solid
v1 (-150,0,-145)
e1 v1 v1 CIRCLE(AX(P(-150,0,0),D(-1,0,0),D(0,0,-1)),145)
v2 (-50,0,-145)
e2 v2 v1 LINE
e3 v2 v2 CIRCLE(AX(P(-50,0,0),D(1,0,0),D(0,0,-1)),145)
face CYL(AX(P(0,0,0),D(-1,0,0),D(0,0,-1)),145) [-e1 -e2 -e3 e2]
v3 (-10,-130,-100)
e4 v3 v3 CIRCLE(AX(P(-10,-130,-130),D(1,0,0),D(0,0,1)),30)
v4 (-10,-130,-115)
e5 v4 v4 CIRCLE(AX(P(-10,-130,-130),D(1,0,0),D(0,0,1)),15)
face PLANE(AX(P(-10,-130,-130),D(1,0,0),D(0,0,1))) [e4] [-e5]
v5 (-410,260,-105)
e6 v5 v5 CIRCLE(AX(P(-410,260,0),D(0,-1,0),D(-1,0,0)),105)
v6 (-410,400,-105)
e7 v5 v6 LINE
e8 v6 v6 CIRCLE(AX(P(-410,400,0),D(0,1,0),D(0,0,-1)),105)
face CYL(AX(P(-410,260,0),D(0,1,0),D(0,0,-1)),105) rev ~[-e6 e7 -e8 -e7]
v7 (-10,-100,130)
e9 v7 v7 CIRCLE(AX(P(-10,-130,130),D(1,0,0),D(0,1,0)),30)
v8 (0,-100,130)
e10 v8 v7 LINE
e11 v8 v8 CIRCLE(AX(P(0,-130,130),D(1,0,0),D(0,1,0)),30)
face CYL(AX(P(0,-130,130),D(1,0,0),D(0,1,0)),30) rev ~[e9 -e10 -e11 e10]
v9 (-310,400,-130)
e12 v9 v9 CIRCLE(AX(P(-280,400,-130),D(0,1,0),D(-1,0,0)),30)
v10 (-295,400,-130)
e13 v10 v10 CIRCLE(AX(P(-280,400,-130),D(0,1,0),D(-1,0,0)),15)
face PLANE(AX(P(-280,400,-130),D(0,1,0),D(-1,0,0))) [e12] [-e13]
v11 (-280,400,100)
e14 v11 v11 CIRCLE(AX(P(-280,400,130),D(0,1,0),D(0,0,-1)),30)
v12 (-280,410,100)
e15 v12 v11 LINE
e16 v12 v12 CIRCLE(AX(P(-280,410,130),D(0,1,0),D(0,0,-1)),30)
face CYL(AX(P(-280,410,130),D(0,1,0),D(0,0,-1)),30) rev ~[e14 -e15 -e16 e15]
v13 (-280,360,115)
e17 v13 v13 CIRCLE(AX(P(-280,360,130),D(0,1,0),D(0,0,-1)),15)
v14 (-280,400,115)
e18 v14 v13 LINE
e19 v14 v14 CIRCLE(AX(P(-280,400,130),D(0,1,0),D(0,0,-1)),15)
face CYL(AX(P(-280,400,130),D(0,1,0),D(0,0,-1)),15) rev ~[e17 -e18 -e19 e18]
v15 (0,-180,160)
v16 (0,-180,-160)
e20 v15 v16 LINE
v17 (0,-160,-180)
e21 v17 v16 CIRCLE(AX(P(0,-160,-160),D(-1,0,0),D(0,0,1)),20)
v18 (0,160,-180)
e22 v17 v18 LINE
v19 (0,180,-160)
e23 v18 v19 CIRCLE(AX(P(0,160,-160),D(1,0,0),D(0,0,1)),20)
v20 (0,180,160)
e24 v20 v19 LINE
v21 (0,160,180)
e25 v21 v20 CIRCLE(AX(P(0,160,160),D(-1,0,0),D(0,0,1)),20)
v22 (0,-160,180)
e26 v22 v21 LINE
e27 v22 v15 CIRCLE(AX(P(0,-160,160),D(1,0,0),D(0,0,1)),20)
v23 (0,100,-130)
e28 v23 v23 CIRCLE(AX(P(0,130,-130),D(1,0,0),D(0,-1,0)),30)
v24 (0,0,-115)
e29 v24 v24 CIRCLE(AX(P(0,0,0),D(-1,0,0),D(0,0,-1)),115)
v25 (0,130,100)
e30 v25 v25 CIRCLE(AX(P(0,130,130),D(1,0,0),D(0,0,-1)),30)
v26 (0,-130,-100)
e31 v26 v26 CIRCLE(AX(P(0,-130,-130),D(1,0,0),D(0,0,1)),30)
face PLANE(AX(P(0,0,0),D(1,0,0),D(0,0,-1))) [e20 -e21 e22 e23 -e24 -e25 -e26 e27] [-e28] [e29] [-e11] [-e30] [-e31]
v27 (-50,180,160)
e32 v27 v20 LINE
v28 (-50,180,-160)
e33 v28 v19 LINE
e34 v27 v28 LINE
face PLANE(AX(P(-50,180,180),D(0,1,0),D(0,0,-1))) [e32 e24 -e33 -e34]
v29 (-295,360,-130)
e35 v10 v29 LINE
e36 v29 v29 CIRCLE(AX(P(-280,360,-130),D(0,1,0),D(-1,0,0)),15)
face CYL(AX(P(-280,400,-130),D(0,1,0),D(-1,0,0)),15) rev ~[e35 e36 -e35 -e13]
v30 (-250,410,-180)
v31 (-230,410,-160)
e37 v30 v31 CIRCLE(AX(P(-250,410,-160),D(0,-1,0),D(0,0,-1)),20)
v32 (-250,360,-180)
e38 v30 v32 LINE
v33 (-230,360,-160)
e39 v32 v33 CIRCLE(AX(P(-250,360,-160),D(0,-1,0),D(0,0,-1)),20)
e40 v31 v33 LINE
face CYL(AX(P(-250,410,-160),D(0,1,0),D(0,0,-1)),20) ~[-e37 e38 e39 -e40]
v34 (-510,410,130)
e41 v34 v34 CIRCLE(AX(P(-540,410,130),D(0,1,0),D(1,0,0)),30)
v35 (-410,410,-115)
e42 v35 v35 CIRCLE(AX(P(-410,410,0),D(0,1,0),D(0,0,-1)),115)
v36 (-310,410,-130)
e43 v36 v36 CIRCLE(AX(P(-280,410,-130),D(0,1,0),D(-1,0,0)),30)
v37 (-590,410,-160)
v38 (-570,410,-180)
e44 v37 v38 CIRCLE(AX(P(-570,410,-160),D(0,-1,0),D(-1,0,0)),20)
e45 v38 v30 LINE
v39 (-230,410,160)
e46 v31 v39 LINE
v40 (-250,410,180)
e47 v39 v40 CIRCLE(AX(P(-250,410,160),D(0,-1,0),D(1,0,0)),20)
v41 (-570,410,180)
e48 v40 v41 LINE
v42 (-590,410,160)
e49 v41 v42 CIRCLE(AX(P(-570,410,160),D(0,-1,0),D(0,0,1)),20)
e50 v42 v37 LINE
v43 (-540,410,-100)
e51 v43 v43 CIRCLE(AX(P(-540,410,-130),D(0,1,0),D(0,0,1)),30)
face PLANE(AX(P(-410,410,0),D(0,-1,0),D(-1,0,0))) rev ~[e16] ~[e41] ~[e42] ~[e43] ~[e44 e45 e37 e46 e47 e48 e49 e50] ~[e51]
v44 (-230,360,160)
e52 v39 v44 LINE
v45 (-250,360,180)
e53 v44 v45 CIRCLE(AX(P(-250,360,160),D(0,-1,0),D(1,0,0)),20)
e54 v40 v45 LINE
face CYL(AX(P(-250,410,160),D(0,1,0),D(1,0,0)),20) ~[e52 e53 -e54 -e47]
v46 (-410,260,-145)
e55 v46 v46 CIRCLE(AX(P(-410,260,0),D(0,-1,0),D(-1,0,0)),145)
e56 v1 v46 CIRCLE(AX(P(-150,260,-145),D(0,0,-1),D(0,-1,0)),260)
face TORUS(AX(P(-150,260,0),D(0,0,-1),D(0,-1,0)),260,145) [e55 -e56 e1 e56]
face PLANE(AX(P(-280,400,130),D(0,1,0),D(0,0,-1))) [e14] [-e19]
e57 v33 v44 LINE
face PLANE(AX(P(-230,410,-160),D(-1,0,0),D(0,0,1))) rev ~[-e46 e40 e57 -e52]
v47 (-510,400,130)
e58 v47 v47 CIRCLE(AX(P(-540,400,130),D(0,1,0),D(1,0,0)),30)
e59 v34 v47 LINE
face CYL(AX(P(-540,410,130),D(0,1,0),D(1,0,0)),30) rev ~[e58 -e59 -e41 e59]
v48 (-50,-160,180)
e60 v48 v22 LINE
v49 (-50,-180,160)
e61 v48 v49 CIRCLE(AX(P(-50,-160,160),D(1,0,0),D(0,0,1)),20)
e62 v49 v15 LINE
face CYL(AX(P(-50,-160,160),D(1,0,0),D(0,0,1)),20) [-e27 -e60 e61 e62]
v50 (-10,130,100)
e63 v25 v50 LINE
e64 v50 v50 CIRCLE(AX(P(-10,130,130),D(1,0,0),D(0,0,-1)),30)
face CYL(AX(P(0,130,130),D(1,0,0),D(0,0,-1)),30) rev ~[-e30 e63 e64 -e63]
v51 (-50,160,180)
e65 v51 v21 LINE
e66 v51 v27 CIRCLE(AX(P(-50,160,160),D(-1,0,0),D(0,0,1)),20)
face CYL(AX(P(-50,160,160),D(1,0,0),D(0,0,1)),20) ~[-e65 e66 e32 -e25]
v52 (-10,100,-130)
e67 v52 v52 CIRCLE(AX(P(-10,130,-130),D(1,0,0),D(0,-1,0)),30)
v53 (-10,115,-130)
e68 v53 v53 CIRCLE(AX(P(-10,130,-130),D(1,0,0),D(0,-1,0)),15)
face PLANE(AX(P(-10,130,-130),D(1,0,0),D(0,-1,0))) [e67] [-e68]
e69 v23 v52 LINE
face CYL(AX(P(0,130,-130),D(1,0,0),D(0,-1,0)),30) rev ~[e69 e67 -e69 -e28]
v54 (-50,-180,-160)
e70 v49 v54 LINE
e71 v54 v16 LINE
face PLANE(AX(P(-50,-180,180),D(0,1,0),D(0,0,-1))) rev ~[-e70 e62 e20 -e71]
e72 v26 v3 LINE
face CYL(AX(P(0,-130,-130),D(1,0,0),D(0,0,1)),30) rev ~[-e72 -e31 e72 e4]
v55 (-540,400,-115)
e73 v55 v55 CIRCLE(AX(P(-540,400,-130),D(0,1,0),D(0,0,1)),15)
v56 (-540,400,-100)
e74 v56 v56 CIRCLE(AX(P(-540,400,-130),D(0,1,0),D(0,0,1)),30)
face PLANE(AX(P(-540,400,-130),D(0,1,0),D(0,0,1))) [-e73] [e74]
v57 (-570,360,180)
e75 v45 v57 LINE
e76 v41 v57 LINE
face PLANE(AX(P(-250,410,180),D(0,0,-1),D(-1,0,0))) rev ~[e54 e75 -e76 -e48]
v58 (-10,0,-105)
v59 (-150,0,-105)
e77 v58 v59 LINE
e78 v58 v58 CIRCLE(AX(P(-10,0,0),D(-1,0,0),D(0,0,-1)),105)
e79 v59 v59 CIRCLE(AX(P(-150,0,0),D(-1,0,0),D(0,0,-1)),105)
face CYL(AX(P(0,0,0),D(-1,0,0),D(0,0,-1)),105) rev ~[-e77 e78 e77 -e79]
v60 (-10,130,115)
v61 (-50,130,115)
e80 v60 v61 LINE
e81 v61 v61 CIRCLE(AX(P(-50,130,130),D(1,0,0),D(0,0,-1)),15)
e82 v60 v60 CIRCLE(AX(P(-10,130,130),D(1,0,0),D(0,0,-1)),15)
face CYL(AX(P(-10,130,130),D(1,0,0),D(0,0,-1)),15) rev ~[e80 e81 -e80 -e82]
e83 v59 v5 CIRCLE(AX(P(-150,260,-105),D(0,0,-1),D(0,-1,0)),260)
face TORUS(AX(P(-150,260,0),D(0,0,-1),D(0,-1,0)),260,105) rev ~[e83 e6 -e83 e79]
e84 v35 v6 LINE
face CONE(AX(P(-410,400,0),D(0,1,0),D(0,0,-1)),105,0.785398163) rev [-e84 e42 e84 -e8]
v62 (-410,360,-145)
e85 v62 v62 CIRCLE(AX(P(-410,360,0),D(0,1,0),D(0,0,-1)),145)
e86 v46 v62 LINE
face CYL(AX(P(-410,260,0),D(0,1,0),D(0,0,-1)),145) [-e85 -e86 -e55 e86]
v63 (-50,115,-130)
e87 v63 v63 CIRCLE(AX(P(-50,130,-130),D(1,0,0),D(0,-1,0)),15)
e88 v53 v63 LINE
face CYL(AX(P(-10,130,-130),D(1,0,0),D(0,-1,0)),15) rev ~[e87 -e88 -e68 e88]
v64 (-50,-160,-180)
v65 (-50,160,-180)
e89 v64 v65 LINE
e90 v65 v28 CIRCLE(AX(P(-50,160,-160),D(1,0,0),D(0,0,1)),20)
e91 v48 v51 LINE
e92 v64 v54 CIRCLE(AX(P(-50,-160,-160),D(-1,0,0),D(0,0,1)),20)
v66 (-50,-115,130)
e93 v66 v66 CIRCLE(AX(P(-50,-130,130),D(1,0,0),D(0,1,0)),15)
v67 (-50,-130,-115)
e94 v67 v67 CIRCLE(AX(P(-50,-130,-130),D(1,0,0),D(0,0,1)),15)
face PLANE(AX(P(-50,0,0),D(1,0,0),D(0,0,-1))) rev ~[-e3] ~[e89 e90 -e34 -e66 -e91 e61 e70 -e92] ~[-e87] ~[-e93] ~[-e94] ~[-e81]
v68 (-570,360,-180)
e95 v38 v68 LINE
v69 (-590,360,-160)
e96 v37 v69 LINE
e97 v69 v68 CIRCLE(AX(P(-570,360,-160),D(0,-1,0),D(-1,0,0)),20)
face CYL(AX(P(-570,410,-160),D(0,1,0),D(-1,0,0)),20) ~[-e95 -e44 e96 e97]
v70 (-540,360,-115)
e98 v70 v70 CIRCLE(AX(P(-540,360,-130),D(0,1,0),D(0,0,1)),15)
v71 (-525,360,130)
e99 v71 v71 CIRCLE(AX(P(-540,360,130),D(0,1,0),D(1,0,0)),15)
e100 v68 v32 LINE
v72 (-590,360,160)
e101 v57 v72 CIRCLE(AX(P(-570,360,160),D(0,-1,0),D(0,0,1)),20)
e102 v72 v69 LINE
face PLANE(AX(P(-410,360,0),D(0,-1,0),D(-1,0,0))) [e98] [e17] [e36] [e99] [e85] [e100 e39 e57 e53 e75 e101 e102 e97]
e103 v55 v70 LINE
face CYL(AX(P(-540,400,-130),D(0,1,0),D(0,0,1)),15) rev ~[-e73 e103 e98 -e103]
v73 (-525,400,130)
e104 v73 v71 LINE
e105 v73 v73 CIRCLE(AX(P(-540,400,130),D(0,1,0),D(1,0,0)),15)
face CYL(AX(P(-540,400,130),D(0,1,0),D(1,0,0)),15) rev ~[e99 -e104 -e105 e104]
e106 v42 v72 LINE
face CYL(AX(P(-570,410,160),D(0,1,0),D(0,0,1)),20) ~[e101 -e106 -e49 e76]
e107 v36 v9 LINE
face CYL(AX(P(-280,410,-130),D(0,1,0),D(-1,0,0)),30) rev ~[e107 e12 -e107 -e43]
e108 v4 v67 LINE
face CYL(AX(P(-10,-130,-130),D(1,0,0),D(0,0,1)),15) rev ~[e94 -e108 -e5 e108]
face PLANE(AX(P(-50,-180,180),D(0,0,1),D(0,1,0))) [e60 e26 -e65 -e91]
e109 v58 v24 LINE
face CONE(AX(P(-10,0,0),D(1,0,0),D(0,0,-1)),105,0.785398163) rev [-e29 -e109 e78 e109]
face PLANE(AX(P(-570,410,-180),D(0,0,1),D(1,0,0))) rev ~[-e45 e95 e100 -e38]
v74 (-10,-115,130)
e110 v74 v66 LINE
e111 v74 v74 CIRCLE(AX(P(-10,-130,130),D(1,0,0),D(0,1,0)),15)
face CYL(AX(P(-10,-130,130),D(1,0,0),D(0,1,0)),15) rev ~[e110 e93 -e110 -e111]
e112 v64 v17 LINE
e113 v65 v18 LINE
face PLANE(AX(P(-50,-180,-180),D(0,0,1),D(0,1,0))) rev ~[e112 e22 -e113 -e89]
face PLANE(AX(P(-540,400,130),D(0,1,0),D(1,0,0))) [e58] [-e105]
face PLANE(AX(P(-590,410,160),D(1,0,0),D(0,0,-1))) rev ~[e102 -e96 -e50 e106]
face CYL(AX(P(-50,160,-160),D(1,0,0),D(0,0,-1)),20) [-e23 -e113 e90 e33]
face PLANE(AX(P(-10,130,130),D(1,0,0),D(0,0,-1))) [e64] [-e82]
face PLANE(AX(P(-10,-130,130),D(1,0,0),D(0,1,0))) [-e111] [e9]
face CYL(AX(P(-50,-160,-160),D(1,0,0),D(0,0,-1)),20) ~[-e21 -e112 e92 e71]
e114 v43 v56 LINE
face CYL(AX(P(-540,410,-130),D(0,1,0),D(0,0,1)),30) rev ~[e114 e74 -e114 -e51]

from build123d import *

# Parameters (mm, degrees)
SKETCH2_R           = 145
SKETCH2_R_2         = 105
BOSS_EXTRUDE1_START = -50
SKETCH3_W           = 360
SKETCH3_H           = 360
SKETCH3_R           = 145
BOSS_EXTRUDE1_DEPTH = 50
FILLET1_R           = 20
SKETCH4_R           = 145
BOSS_EXTRUDE2_DEPTH = 50
SKETCH5_R           = 30
CUT_EXTRUDE1_DEPTH  = 10
SKETCH6_R           = 15
CUT_EXTRUDE2_DEPTH  = 86
CIRPATTERN1_COUNT   = 4
SKETCH9_R           = 30
CUT_EXTRUDE3_DEPTH  = 10
CUT_EXTRUDE4_REACH  = 848.699
SKETCH10_R          = 15
CIRPATTERN2_COUNT   = 4
CHAMFER1_SIZE       = 10


with BuildPart() as part:
    # Sweep-Thin1: sweep along a path in Sketch1
    with BuildLine(Plane.XY) as sweep_thin1_path:
        Line((0, 0), (-150, 0))
        ThreePointArc((-150, 0), (-333.847763109, 76.152236891), (-410, 260))
        Line((-410, 260), (-410, 410))
    # Sketch2 → Sweep-Thin1 (sweep)
    with BuildSketch(Plane(origin=(0, 0, 0), x_dir=(0, 0, -1), z_dir=(1, 0, 0))):
        Circle(SKETCH2_R)
        Circle(SKETCH2_R_2, mode=Mode.SUBTRACT)
    sweep(path=sweep_thin1_path.line)

    # Sketch3 → Boss-Extrude1 (add)
    with BuildSketch(Plane(origin=(0, 0, 0), x_dir=(0, 0, -1), z_dir=(1, 0, 0)).offset(BOSS_EXTRUDE1_START)):
        Rectangle(SKETCH3_W, SKETCH3_H)
        with Locations(Location((0, 0, 0), (0, 0, 270))):
            Circle(SKETCH3_R, mode=Mode.SUBTRACT)
    extrude(amount=BOSS_EXTRUDE1_DEPTH)

    # Fillet1
    fillet1_edges = [part.edges().sort_by_distance(p)[0] for p in [
        (-25, 180, -180),
        (-25, -180, -180),
        (-25, -180, 180),
        (-25, 180, 180),
    ]]
    fillet(fillet1_edges, radius=FILLET1_R)

    # Sketch4 → Boss-Extrude2 (add)
    with BuildSketch(Plane(origin=(0, 410, 0), x_dir=(1, 0, 0), z_dir=(0, 1, 0))):
        with BuildLine():
            Line((-570, 180), (-250, 180))
            ThreePointArc((-250, 180), (-235.857864376, 174.142135624), (-230, 160))
            Line((-230, 160), (-230, -160))
            ThreePointArc((-230, -160), (-235.857864376, -174.142135624), (-250, -180))
            Line((-250, -180), (-570, -180))
            ThreePointArc((-570, -180), (-584.142135624, -174.142135624), (-590, -160))
            Line((-590, -160), (-590, 160))
            ThreePointArc((-590, 160), (-584.142135624, 174.142135624), (-570, 180))
        make_face()
        with Locations(Location((-410, 0, 0), (0, 0, 270))):
            Circle(SKETCH4_R, mode=Mode.SUBTRACT)
    extrude(amount=-BOSS_EXTRUDE2_DEPTH)

    # Sketch5 → Cut-Extrude1 (cut)
    with BuildSketch(Plane(origin=(0, 0, 0), x_dir=(0, 0, -1), z_dir=(1, 0, 0))):
        with Locations((-130, 130)):
            Circle(SKETCH5_R)
    cut_extrude1 = extrude(amount=-CUT_EXTRUDE1_DEPTH, mode=Mode.SUBTRACT)

    # Sketch6 → Cut-Extrude2 (cut)
    with BuildSketch(Plane(origin=(-10, 0, 0), x_dir=(0, 0, -1), z_dir=(1, 0, 0))):
        with Locations((-130, 130)):
            Circle(SKETCH6_R)
    cut_extrude2 = extrude(amount=-CUT_EXTRUDE2_DEPTH, mode=Mode.SUBTRACT)

    # CirPattern1: Cut-Extrude1, Cut-Extrude2 ×4 about axis
    cirpattern1_axis = Axis((0, 0, 0), (1, 0, 0))
    add([cut_extrude1.rotate(cirpattern1_axis, i * 360 / CIRPATTERN1_COUNT) for i in range(1, CIRPATTERN1_COUNT)], mode=Mode.SUBTRACT)
    add([cut_extrude2.rotate(cirpattern1_axis, i * 360 / CIRPATTERN1_COUNT) for i in range(1, CIRPATTERN1_COUNT)], mode=Mode.SUBTRACT)

    # Sketch9 → Cut-Extrude3 (cut)
    with BuildSketch(Plane(origin=(0, 410, 0), x_dir=(1, 0, 0), z_dir=(0, 1, 0))):
        with Locations(Location((-540, 130, 0), (0, 0, 270))):
            Circle(SKETCH9_R)
    cut_extrude3 = extrude(amount=-CUT_EXTRUDE3_DEPTH, mode=Mode.SUBTRACT)

    # Sketch10 → Cut-Extrude4 (cut, up to next)
    with BuildSketch(Plane(origin=(0, 400, 0), x_dir=(1, 0, 0), z_dir=(0, 1, 0)), mode=Mode.PRIVATE) as cut_extrude4_sk1:
        with Locations(Location((-540, 130, 0), (0, 0, 270))):
            Circle(SKETCH10_R)
    cut_extrude4_tool1 = extrude(cut_extrude4_sk1.sketch, amount=-CUT_EXTRUDE4_REACH, mode=Mode.PRIVATE) & part.part
    cut_extrude4 = cut_extrude4_tool1.solids().sort_by_distance((-540, 400, -130))[0]
    add(cut_extrude4, mode=Mode.SUBTRACT)

    # CirPattern2: Cut-Extrude3, Cut-Extrude4 ×4 about axis
    cirpattern2_axis = Axis((-410, 0, 0), (0, 1, 0))
    add([cut_extrude3.rotate(cirpattern2_axis, i * 360 / CIRPATTERN2_COUNT) for i in range(1, CIRPATTERN2_COUNT)], mode=Mode.SUBTRACT)
    add([cut_extrude4.rotate(cirpattern2_axis, i * 360 / CIRPATTERN2_COUNT) for i in range(1, CIRPATTERN2_COUNT)], mode=Mode.SUBTRACT)

    # Chamfer1
    chamfer1_edges = [part.edges().sort_by_distance(p)[0] for p in [
        (0, 0, 105),
        (-410, 410, 105),
    ]]
    chamfer(chamfer1_edges, length=CHAMFER1_SIZE)


solid = part.part
